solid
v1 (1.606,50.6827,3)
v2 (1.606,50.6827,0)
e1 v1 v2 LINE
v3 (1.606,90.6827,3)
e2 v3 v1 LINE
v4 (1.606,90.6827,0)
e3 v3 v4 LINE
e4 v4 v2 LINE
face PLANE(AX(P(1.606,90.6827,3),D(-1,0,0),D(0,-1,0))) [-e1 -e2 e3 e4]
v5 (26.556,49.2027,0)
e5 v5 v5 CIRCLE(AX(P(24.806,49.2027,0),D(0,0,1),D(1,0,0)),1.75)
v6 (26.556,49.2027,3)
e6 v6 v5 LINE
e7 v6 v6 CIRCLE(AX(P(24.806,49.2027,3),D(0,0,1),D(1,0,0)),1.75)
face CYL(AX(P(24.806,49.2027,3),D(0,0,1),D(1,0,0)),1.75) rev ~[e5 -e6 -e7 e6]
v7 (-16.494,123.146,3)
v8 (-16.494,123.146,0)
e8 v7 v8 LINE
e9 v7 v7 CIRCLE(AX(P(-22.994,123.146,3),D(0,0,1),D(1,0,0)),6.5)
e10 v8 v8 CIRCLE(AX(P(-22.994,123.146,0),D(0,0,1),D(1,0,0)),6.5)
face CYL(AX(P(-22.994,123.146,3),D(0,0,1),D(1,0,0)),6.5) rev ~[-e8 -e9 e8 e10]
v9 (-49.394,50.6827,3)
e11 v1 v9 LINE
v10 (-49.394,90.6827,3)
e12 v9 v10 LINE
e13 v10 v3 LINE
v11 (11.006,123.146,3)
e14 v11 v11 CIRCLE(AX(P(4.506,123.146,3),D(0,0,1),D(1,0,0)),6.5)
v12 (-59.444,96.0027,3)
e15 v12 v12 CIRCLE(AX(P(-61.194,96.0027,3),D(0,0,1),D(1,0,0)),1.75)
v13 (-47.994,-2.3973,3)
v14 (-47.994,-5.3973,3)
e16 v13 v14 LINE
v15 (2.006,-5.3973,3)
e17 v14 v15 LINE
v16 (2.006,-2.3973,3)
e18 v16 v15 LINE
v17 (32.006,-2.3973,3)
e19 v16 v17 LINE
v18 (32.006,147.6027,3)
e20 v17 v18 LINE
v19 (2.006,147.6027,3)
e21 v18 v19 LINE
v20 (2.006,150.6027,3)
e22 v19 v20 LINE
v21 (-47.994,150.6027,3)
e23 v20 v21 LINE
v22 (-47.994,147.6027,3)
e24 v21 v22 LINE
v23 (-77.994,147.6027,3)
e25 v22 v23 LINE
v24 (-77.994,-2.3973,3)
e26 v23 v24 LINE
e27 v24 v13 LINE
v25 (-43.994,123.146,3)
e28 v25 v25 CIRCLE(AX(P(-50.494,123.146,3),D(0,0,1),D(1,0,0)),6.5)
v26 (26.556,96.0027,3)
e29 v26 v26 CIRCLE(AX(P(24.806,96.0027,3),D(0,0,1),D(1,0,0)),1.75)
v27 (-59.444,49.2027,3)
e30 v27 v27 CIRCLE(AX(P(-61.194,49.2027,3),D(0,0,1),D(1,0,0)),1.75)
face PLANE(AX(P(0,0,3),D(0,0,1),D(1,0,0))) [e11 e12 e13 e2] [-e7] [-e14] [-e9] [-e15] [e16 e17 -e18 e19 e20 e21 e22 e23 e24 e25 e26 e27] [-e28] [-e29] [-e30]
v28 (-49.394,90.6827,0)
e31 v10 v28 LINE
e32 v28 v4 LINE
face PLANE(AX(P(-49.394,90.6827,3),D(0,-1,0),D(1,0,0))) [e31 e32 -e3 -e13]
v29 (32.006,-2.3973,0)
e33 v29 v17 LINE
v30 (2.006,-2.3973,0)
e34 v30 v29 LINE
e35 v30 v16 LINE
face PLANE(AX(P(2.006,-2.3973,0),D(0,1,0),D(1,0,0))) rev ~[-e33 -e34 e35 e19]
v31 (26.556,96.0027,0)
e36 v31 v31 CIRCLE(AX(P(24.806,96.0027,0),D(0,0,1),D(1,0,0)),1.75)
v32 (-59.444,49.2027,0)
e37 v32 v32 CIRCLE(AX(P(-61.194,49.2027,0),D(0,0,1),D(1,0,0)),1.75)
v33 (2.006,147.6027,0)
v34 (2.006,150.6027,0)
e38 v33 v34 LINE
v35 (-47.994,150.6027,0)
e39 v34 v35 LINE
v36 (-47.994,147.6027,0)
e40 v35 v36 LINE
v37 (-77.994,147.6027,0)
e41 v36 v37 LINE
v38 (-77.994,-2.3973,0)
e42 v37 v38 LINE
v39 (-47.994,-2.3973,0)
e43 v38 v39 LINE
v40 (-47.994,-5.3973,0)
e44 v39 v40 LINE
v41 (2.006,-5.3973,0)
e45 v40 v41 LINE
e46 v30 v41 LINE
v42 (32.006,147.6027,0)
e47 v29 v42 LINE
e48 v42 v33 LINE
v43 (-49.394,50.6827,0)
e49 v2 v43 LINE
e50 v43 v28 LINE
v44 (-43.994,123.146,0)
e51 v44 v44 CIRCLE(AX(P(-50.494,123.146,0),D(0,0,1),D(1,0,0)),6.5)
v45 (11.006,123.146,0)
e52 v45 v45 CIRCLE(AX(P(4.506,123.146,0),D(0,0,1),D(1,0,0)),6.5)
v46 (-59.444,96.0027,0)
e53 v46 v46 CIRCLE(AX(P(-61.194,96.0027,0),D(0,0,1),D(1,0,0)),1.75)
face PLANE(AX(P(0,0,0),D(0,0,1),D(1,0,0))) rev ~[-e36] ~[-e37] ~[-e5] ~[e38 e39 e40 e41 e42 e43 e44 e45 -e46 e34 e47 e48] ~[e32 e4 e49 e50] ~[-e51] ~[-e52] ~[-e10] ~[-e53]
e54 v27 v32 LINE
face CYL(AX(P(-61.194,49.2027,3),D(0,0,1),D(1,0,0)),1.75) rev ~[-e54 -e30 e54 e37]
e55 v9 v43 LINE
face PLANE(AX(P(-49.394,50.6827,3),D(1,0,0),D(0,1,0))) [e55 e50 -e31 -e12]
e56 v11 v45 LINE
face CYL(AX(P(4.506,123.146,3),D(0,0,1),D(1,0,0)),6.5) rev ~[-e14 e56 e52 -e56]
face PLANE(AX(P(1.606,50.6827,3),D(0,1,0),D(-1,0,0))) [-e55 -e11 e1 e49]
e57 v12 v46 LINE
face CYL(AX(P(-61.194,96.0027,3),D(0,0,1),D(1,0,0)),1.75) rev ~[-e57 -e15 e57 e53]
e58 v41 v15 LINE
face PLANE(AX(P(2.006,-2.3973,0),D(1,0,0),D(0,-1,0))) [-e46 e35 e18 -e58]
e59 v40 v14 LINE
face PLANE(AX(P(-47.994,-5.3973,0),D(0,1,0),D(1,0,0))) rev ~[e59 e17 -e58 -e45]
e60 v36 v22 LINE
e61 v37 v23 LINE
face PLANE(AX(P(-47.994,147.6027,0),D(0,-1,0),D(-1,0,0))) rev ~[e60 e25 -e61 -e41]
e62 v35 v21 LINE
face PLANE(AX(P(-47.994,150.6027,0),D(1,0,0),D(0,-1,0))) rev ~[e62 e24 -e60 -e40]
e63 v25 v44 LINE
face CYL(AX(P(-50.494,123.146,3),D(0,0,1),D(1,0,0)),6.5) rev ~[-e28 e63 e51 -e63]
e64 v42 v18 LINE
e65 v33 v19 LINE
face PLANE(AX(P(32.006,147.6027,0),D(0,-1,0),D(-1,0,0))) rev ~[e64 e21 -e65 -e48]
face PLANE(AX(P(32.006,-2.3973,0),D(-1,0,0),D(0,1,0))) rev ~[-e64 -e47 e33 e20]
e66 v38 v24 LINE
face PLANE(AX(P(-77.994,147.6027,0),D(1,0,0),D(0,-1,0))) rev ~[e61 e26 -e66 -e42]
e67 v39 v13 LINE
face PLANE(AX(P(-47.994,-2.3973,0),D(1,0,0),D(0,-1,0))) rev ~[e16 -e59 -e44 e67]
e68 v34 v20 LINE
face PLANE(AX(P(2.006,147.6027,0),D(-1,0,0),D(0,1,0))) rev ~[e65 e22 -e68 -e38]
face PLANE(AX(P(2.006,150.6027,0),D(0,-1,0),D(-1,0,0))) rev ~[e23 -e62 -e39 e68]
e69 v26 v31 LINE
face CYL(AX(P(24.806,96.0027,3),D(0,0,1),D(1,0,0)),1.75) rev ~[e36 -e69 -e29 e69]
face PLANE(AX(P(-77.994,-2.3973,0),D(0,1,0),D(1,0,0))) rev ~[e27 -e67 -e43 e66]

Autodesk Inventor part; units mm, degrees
ref_plane "YZ Plane" through (0, 0, 0) normal (1, 0, 0) x (0, 1, 0)
ref_plane "XZ Plane" through (0, 0, 0) normal (0, 1, 0) x (-1, 0, 0)
ref_plane "XY Plane" through (0, 0, 0) normal (0, 0, 1) x (1, 0, 0)
sketch "Sketch1" plane through (0, 0, 0) normal (0, 0, 1) x (1, 0, 0)
  line L0 (-77.994, -2.3973) -> (-47.994, -2.3973)
  line L1 (-47.994, -2.3973) -> (-47.994, -5.3973)
  line L2 (-47.994, -5.3973) -> (2.006, -5.3973)
  line L3 (2.006, -2.3973) -> (32.006, -2.3973)
  line L4 (32.006, -2.3973) -> (32.006, 147.6027)
  line L5 (32.006, 147.6027) -> (2.006, 147.6027)
  line L6 (2.006, 147.6027) -> (2.006, 150.6027)
  line L7 (2.006, 150.6027) -> (-47.994, 150.6027)
  line L8 (-47.994, 150.6027) -> (-47.994, 147.6027)
  line L9 (-47.994, 147.6027) -> (-77.994, 147.6027)
  line L10 (2.006, -2.3973) -> (2.006, -5.3973)
  line L11 (-77.994, 147.6027) -> (-77.994, -2.3973)
  point P0 (0, 0)
  dimension "d0" = 150
  dimension "d1" = 3
  dimension "d2" = 3
  dimension "d3" = 50
  dimension "d4" = 50
  dimension "d5" = 30
  dimension "d6" = 30
extrude "Extrusion1" add sketch "Sketch1" along normal blind 3
sketch "Sketch2" plane through (0, 0, 3) normal (0, 0, 1) x (1, 0, 0)
  line L0 (27.506, 96.0027) -> (27.506, 98.7027)
  line L1 (-77.994, 147.6027) -> (-77.994, -2.3973) projected
  circle A0 centre (24.806, 49.2027) radius 1.75
  circle A1 centre (24.806, 96.0027) radius 1.75
  circle A2 centre (-61.194, 96.0027) radius 1.75
  circle A3 centre (-61.194, 49.2027) radius 1.75
  line L2 (27.506, 50.6827) -> (27.506, 46.5027)
  line L3 (1.606, 50.6827) -> (-49.394, 50.6827)
  line L4 (-49.394, 50.6827) -> (-49.394, 90.6827)
  line L5 (-49.394, 90.6827) -> (1.606, 90.6827)
  line L6 (1.606, 90.6827) -> (1.606, 50.6827)
  line L7 (32.006, 147.6027) -> (2.006, 147.6027) projected
  point P0 (0, 0)
extrude "Extrusion2" cut sketch "Sketch2" against normal blind 3
sketch "Sketch3" plane through (0, 0, 3) normal (0, 0, 1) x (1, 0, 0)
  circle A0 centre (-61.194, 49.2027) radius 1.75 projected
  point P0 (0, 0)
sketch "Sketch4" plane through (0, 0, 3) normal (0, 0, 1) x (1, 0, 0)
  circle A0 centre (-61.194, 96.0027) radius 1.75 projected
  line L0 (-77.994, 147.6027) -> (-77.994, -2.3973) projected
  circle A1 centre (-50.494, 123.146) radius 6.5
  circle A2 centre (-22.994, 123.146) radius 6.5
  circle A3 centre (4.506, 123.146) radius 6.5
  point P0 (0, 0)
  point P1 (32.006, 147.6027)
  dimension "d48" = 13
  dimension "d49" = 13
  dimension "d50" = 13
extrude "Extrusion3" cut sketch "Sketch4" against normal blind 3 contours A1 | A2 | A3
properties part number "test"
